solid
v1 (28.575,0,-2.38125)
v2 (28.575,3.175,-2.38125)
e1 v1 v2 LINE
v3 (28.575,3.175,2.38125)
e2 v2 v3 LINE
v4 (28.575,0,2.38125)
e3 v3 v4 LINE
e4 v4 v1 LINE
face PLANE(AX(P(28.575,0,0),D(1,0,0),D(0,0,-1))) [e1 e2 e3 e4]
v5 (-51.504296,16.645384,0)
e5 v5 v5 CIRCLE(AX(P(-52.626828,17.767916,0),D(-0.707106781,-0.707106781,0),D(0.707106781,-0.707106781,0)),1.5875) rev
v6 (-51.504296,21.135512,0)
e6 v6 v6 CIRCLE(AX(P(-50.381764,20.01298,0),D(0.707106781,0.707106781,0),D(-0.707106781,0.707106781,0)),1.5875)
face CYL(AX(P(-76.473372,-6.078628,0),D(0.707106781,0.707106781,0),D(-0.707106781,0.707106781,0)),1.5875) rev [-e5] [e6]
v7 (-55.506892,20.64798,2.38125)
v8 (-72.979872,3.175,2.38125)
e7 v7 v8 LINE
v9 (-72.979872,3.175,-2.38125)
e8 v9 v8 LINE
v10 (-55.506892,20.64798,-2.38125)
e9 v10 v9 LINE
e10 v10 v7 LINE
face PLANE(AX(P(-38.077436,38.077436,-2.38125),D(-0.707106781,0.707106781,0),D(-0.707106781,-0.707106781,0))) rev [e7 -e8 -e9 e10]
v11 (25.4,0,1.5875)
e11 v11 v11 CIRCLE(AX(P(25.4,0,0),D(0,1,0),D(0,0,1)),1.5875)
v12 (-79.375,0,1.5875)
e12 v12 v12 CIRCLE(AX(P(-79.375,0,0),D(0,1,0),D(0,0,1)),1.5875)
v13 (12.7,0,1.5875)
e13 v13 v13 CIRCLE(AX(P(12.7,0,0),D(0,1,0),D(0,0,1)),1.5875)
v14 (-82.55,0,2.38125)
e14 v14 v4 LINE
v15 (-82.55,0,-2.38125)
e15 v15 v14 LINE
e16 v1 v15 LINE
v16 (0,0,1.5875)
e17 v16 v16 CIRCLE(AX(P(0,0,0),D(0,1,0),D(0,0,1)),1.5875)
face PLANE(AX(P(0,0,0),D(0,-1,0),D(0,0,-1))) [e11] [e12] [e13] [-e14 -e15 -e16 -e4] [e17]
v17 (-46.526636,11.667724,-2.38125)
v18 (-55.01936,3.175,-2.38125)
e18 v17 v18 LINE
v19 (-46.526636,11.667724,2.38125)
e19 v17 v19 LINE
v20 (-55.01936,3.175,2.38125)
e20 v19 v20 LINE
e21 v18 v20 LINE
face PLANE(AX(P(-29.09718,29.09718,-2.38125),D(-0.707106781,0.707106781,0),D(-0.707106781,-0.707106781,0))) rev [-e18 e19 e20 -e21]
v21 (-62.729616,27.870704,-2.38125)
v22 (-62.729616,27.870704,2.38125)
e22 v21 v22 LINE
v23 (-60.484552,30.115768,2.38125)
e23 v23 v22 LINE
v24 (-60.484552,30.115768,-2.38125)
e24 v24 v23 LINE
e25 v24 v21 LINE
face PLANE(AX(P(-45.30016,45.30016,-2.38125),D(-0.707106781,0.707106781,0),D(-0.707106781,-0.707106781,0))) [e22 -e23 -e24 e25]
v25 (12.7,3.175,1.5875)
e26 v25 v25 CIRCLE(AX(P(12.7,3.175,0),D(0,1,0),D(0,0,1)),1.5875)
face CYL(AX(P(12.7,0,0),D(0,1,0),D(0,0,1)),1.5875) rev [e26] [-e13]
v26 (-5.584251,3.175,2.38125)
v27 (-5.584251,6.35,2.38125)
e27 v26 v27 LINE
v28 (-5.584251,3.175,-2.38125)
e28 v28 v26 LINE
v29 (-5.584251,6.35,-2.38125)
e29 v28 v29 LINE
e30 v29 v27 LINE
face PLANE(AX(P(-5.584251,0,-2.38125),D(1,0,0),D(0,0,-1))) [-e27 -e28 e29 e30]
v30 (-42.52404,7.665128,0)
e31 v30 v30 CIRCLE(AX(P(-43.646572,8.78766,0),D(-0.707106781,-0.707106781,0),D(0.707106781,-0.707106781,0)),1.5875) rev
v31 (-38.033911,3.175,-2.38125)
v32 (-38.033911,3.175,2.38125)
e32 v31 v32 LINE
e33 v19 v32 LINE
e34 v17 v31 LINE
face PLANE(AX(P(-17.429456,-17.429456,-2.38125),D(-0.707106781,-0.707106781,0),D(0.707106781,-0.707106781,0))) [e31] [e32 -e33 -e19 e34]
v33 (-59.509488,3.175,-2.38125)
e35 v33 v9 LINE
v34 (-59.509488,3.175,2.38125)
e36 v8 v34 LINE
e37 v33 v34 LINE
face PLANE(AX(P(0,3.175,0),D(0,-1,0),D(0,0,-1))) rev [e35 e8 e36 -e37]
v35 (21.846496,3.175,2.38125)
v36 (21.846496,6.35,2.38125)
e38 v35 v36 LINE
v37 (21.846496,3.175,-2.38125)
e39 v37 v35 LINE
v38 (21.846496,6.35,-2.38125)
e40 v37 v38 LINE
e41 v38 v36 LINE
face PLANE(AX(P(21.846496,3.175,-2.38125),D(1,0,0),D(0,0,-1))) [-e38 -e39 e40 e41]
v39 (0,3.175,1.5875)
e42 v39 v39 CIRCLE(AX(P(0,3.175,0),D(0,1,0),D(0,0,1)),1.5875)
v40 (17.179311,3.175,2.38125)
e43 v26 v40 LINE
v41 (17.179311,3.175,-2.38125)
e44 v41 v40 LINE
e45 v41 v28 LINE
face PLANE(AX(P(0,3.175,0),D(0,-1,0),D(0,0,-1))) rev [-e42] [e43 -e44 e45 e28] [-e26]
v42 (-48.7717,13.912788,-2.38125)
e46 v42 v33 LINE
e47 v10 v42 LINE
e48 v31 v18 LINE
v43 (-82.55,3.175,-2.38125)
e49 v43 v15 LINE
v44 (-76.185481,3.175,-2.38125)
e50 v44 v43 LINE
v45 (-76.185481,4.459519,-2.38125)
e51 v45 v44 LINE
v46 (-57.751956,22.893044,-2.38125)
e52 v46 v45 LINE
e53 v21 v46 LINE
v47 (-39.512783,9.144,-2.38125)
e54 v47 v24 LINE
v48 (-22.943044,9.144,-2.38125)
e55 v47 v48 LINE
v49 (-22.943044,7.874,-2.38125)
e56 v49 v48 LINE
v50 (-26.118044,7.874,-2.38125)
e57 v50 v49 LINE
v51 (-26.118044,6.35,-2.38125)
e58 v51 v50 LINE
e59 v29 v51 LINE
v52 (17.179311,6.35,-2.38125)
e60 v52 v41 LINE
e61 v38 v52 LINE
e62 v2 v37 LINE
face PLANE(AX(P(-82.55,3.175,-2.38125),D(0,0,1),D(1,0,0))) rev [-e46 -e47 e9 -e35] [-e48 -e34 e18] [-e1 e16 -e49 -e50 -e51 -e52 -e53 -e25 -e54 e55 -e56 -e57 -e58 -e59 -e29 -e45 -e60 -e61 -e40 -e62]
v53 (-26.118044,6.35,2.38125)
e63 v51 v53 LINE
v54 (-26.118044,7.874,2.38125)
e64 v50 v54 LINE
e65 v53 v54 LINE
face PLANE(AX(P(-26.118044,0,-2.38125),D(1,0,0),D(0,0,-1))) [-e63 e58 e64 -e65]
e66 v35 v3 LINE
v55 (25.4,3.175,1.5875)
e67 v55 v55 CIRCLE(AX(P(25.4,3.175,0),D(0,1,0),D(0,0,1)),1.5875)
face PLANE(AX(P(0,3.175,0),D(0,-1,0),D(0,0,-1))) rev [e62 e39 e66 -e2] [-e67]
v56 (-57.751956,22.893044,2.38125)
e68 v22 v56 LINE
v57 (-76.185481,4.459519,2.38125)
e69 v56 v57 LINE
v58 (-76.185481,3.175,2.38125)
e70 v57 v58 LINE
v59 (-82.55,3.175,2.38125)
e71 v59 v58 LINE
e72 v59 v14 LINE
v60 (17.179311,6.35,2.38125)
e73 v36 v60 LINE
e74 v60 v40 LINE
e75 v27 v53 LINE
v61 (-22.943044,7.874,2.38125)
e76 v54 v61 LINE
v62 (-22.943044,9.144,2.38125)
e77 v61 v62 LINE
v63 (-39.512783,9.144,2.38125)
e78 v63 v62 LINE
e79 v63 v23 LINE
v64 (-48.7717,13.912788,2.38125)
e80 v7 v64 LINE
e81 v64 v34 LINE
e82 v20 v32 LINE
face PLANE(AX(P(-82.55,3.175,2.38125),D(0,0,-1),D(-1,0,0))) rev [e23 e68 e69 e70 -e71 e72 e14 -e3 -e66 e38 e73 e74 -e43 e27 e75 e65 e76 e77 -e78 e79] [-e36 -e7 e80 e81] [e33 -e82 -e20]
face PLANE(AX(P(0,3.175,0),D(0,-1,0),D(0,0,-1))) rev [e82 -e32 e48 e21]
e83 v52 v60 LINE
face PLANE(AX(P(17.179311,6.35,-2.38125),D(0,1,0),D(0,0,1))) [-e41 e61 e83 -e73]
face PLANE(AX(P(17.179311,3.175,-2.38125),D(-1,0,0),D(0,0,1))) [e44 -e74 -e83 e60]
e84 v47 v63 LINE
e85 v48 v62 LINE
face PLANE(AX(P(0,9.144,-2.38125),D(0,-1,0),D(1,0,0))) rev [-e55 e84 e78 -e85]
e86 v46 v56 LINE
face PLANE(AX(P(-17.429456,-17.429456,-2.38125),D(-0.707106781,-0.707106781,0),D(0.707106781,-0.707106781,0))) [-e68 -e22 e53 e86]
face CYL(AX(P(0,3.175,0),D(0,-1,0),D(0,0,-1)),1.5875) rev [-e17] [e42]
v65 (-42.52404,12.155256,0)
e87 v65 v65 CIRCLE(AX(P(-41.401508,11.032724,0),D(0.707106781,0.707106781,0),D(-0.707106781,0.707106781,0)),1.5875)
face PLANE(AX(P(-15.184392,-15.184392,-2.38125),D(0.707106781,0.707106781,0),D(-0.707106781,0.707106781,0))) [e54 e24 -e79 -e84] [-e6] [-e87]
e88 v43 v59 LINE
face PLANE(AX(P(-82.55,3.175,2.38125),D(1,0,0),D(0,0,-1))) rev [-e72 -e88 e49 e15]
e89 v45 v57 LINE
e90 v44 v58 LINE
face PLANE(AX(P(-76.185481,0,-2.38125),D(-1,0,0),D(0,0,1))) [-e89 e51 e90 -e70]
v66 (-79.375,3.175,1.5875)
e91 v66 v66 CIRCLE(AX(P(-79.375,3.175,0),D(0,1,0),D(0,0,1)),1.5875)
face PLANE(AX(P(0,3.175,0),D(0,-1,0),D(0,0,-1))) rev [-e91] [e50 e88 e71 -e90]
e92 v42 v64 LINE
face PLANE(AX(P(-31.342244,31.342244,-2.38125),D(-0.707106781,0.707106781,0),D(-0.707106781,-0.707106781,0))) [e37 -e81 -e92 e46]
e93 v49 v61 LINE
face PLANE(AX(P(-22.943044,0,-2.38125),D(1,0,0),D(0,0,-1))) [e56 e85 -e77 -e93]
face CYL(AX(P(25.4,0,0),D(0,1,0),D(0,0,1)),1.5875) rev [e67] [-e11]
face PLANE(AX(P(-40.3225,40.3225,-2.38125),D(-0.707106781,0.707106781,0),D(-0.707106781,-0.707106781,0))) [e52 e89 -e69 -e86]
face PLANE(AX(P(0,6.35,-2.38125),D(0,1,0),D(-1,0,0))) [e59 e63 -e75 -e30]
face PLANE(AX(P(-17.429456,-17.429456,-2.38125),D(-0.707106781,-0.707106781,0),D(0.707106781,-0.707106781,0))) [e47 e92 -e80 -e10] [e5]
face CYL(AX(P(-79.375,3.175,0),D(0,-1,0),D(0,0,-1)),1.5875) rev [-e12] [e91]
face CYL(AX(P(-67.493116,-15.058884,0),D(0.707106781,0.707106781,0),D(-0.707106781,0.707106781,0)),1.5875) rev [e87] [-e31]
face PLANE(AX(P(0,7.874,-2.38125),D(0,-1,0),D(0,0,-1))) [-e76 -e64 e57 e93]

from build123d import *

# Parameters (mm, degrees)
SKETCH1_W           = 85.725
SKETCH1_H           = 4.7625
SKETCH1_R           = 1.5875
BOSS_EXTRUDE1_DEPTH = 3.175
BOSS_EXTRUDE2_DEPTH = 4.7625
CUT_EXTRUDE1_REACH  = 38.898
SKETCH3_R           = 1.5875
SKETCH4_W           = 4.7625
SKETCH4_H           = 3.175
BOSS_EXTRUDE3_DEPTH = 25.4
SKETCH5_R           = 1.5875
CUT_EXTRUDE2_DEPTH  = 4.175
SKETCH6_W           = 4.667184745
SKETCH6_H           = 3.175
BOSS_EXTRUDE4_DEPTH = 4.7625


with BuildPart() as part:
    # Sketch1 → Boss-Extrude1 (new body)
    with BuildSketch(Plane(origin=(0, 0, 0), x_dir=(1, 0, 0), z_dir=(0, 1, 0))):
        with Locations((-39.6875, 0)):
            Rectangle(SKETCH1_W, SKETCH1_H)
        Circle(SKETCH1_R, mode=Mode.SUBTRACT)
        with Locations((-79.375, 0)):
            Circle(SKETCH1_R, mode=Mode.SUBTRACT)
    extrude(amount=BOSS_EXTRUDE1_DEPTH)

    # Sketch2 → Boss-Extrude2 (add)
    with BuildSketch(Plane.XY.offset(2.38125)):
        Polygon((-5.58425135, 3.175), (-5.58425135, 6.35), (-26.118044342, 6.35), (-26.118044342, 7.874), (-22.943044342, 7.874), (-22.943044342, 9.144), (-39.512783425, 9.144), (-60.484551788, 30.115768363), (-62.729615818, 27.870704333), (-57.751955743, 22.893044257), (-76.185480906, 4.459519094), (-76.185480906, 3.175), (-72.979871939, 3.175), (-55.506891712, 20.647980227), (-48.771699622, 13.912788136), (-59.509487758, 3.175), (-55.019359697, 3.175), (-46.526635591, 11.667724106), (-38.033911485, 3.175), align=None)
    extrude(amount=-BOSS_EXTRUDE2_DEPTH)

    # Sketch3 → Cut-Extrude1 (cut, up to next)
    with BuildSketch(Plane(origin=(-15.184391712, -15.184391712, 0), x_dir=(0, 0, -1), z_dir=(0.707106781, 0.707106781, 0)), mode=Mode.PRIVATE) as cut_extrude1_sk1:
        with Locations((0, 49.776600757)):
            Circle(SKETCH3_R)
    cut_extrude1_tool1 = extrude(cut_extrude1_sk1.sketch, amount=-CUT_EXTRUDE1_REACH, mode=Mode.PRIVATE) & part.part
    add(cut_extrude1_tool1.solids().sort_by_distance((-50.381764, 20.01298, 0))[0], mode=Mode.SUBTRACT)
    # Sketch3 → Cut-Extrude1 (cut, up to next)
    with BuildSketch(Plane(origin=(-15.184391712, -15.184391712, 0), x_dir=(0, 0, -1), z_dir=(0.707106781, 0.707106781, 0)), mode=Mode.PRIVATE) as cut_extrude1_sk2:
        with Locations((0, 37.076600757)):
            Circle(SKETCH3_R)
    cut_extrude1_tool2 = extrude(cut_extrude1_sk2.sketch, amount=-CUT_EXTRUDE1_REACH, mode=Mode.PRIVATE) & part.part
    add(cut_extrude1_tool2.solids().sort_by_distance((-41.401508, 11.032724, 0))[0], mode=Mode.SUBTRACT)

    # Sketch4 → Boss-Extrude3 (add)
    with BuildSketch(Plane(origin=(3.175, 0, 0), x_dir=(0, 0, -1), z_dir=(1, 0, 0))):
        with Locations((0, 1.5875)):
            Rectangle(SKETCH4_W, SKETCH4_H)
    extrude(amount=BOSS_EXTRUDE3_DEPTH)

    # Sketch5 → Cut-Extrude2 (cut, through all)
    with BuildSketch(Plane(origin=(0, 3.175, 0), x_dir=(1, 0, 0), z_dir=(0, 1, 0))):
        with Locations((12.7, 0)):
            Circle(SKETCH5_R)
        with Locations((25.4, 0)):
            Circle(SKETCH5_R)
    extrude(amount=-CUT_EXTRUDE2_DEPTH, mode=Mode.SUBTRACT)

    # Sketch6 → Boss-Extrude4 (add)
    with BuildSketch(Plane.XY.offset(2.38125)):
        with Locations((19.512903732, 4.7625)):
            Rectangle(SKETCH6_W, SKETCH6_H)
    extrude(amount=-BOSS_EXTRUDE4_DEPTH)


solid = part.part
